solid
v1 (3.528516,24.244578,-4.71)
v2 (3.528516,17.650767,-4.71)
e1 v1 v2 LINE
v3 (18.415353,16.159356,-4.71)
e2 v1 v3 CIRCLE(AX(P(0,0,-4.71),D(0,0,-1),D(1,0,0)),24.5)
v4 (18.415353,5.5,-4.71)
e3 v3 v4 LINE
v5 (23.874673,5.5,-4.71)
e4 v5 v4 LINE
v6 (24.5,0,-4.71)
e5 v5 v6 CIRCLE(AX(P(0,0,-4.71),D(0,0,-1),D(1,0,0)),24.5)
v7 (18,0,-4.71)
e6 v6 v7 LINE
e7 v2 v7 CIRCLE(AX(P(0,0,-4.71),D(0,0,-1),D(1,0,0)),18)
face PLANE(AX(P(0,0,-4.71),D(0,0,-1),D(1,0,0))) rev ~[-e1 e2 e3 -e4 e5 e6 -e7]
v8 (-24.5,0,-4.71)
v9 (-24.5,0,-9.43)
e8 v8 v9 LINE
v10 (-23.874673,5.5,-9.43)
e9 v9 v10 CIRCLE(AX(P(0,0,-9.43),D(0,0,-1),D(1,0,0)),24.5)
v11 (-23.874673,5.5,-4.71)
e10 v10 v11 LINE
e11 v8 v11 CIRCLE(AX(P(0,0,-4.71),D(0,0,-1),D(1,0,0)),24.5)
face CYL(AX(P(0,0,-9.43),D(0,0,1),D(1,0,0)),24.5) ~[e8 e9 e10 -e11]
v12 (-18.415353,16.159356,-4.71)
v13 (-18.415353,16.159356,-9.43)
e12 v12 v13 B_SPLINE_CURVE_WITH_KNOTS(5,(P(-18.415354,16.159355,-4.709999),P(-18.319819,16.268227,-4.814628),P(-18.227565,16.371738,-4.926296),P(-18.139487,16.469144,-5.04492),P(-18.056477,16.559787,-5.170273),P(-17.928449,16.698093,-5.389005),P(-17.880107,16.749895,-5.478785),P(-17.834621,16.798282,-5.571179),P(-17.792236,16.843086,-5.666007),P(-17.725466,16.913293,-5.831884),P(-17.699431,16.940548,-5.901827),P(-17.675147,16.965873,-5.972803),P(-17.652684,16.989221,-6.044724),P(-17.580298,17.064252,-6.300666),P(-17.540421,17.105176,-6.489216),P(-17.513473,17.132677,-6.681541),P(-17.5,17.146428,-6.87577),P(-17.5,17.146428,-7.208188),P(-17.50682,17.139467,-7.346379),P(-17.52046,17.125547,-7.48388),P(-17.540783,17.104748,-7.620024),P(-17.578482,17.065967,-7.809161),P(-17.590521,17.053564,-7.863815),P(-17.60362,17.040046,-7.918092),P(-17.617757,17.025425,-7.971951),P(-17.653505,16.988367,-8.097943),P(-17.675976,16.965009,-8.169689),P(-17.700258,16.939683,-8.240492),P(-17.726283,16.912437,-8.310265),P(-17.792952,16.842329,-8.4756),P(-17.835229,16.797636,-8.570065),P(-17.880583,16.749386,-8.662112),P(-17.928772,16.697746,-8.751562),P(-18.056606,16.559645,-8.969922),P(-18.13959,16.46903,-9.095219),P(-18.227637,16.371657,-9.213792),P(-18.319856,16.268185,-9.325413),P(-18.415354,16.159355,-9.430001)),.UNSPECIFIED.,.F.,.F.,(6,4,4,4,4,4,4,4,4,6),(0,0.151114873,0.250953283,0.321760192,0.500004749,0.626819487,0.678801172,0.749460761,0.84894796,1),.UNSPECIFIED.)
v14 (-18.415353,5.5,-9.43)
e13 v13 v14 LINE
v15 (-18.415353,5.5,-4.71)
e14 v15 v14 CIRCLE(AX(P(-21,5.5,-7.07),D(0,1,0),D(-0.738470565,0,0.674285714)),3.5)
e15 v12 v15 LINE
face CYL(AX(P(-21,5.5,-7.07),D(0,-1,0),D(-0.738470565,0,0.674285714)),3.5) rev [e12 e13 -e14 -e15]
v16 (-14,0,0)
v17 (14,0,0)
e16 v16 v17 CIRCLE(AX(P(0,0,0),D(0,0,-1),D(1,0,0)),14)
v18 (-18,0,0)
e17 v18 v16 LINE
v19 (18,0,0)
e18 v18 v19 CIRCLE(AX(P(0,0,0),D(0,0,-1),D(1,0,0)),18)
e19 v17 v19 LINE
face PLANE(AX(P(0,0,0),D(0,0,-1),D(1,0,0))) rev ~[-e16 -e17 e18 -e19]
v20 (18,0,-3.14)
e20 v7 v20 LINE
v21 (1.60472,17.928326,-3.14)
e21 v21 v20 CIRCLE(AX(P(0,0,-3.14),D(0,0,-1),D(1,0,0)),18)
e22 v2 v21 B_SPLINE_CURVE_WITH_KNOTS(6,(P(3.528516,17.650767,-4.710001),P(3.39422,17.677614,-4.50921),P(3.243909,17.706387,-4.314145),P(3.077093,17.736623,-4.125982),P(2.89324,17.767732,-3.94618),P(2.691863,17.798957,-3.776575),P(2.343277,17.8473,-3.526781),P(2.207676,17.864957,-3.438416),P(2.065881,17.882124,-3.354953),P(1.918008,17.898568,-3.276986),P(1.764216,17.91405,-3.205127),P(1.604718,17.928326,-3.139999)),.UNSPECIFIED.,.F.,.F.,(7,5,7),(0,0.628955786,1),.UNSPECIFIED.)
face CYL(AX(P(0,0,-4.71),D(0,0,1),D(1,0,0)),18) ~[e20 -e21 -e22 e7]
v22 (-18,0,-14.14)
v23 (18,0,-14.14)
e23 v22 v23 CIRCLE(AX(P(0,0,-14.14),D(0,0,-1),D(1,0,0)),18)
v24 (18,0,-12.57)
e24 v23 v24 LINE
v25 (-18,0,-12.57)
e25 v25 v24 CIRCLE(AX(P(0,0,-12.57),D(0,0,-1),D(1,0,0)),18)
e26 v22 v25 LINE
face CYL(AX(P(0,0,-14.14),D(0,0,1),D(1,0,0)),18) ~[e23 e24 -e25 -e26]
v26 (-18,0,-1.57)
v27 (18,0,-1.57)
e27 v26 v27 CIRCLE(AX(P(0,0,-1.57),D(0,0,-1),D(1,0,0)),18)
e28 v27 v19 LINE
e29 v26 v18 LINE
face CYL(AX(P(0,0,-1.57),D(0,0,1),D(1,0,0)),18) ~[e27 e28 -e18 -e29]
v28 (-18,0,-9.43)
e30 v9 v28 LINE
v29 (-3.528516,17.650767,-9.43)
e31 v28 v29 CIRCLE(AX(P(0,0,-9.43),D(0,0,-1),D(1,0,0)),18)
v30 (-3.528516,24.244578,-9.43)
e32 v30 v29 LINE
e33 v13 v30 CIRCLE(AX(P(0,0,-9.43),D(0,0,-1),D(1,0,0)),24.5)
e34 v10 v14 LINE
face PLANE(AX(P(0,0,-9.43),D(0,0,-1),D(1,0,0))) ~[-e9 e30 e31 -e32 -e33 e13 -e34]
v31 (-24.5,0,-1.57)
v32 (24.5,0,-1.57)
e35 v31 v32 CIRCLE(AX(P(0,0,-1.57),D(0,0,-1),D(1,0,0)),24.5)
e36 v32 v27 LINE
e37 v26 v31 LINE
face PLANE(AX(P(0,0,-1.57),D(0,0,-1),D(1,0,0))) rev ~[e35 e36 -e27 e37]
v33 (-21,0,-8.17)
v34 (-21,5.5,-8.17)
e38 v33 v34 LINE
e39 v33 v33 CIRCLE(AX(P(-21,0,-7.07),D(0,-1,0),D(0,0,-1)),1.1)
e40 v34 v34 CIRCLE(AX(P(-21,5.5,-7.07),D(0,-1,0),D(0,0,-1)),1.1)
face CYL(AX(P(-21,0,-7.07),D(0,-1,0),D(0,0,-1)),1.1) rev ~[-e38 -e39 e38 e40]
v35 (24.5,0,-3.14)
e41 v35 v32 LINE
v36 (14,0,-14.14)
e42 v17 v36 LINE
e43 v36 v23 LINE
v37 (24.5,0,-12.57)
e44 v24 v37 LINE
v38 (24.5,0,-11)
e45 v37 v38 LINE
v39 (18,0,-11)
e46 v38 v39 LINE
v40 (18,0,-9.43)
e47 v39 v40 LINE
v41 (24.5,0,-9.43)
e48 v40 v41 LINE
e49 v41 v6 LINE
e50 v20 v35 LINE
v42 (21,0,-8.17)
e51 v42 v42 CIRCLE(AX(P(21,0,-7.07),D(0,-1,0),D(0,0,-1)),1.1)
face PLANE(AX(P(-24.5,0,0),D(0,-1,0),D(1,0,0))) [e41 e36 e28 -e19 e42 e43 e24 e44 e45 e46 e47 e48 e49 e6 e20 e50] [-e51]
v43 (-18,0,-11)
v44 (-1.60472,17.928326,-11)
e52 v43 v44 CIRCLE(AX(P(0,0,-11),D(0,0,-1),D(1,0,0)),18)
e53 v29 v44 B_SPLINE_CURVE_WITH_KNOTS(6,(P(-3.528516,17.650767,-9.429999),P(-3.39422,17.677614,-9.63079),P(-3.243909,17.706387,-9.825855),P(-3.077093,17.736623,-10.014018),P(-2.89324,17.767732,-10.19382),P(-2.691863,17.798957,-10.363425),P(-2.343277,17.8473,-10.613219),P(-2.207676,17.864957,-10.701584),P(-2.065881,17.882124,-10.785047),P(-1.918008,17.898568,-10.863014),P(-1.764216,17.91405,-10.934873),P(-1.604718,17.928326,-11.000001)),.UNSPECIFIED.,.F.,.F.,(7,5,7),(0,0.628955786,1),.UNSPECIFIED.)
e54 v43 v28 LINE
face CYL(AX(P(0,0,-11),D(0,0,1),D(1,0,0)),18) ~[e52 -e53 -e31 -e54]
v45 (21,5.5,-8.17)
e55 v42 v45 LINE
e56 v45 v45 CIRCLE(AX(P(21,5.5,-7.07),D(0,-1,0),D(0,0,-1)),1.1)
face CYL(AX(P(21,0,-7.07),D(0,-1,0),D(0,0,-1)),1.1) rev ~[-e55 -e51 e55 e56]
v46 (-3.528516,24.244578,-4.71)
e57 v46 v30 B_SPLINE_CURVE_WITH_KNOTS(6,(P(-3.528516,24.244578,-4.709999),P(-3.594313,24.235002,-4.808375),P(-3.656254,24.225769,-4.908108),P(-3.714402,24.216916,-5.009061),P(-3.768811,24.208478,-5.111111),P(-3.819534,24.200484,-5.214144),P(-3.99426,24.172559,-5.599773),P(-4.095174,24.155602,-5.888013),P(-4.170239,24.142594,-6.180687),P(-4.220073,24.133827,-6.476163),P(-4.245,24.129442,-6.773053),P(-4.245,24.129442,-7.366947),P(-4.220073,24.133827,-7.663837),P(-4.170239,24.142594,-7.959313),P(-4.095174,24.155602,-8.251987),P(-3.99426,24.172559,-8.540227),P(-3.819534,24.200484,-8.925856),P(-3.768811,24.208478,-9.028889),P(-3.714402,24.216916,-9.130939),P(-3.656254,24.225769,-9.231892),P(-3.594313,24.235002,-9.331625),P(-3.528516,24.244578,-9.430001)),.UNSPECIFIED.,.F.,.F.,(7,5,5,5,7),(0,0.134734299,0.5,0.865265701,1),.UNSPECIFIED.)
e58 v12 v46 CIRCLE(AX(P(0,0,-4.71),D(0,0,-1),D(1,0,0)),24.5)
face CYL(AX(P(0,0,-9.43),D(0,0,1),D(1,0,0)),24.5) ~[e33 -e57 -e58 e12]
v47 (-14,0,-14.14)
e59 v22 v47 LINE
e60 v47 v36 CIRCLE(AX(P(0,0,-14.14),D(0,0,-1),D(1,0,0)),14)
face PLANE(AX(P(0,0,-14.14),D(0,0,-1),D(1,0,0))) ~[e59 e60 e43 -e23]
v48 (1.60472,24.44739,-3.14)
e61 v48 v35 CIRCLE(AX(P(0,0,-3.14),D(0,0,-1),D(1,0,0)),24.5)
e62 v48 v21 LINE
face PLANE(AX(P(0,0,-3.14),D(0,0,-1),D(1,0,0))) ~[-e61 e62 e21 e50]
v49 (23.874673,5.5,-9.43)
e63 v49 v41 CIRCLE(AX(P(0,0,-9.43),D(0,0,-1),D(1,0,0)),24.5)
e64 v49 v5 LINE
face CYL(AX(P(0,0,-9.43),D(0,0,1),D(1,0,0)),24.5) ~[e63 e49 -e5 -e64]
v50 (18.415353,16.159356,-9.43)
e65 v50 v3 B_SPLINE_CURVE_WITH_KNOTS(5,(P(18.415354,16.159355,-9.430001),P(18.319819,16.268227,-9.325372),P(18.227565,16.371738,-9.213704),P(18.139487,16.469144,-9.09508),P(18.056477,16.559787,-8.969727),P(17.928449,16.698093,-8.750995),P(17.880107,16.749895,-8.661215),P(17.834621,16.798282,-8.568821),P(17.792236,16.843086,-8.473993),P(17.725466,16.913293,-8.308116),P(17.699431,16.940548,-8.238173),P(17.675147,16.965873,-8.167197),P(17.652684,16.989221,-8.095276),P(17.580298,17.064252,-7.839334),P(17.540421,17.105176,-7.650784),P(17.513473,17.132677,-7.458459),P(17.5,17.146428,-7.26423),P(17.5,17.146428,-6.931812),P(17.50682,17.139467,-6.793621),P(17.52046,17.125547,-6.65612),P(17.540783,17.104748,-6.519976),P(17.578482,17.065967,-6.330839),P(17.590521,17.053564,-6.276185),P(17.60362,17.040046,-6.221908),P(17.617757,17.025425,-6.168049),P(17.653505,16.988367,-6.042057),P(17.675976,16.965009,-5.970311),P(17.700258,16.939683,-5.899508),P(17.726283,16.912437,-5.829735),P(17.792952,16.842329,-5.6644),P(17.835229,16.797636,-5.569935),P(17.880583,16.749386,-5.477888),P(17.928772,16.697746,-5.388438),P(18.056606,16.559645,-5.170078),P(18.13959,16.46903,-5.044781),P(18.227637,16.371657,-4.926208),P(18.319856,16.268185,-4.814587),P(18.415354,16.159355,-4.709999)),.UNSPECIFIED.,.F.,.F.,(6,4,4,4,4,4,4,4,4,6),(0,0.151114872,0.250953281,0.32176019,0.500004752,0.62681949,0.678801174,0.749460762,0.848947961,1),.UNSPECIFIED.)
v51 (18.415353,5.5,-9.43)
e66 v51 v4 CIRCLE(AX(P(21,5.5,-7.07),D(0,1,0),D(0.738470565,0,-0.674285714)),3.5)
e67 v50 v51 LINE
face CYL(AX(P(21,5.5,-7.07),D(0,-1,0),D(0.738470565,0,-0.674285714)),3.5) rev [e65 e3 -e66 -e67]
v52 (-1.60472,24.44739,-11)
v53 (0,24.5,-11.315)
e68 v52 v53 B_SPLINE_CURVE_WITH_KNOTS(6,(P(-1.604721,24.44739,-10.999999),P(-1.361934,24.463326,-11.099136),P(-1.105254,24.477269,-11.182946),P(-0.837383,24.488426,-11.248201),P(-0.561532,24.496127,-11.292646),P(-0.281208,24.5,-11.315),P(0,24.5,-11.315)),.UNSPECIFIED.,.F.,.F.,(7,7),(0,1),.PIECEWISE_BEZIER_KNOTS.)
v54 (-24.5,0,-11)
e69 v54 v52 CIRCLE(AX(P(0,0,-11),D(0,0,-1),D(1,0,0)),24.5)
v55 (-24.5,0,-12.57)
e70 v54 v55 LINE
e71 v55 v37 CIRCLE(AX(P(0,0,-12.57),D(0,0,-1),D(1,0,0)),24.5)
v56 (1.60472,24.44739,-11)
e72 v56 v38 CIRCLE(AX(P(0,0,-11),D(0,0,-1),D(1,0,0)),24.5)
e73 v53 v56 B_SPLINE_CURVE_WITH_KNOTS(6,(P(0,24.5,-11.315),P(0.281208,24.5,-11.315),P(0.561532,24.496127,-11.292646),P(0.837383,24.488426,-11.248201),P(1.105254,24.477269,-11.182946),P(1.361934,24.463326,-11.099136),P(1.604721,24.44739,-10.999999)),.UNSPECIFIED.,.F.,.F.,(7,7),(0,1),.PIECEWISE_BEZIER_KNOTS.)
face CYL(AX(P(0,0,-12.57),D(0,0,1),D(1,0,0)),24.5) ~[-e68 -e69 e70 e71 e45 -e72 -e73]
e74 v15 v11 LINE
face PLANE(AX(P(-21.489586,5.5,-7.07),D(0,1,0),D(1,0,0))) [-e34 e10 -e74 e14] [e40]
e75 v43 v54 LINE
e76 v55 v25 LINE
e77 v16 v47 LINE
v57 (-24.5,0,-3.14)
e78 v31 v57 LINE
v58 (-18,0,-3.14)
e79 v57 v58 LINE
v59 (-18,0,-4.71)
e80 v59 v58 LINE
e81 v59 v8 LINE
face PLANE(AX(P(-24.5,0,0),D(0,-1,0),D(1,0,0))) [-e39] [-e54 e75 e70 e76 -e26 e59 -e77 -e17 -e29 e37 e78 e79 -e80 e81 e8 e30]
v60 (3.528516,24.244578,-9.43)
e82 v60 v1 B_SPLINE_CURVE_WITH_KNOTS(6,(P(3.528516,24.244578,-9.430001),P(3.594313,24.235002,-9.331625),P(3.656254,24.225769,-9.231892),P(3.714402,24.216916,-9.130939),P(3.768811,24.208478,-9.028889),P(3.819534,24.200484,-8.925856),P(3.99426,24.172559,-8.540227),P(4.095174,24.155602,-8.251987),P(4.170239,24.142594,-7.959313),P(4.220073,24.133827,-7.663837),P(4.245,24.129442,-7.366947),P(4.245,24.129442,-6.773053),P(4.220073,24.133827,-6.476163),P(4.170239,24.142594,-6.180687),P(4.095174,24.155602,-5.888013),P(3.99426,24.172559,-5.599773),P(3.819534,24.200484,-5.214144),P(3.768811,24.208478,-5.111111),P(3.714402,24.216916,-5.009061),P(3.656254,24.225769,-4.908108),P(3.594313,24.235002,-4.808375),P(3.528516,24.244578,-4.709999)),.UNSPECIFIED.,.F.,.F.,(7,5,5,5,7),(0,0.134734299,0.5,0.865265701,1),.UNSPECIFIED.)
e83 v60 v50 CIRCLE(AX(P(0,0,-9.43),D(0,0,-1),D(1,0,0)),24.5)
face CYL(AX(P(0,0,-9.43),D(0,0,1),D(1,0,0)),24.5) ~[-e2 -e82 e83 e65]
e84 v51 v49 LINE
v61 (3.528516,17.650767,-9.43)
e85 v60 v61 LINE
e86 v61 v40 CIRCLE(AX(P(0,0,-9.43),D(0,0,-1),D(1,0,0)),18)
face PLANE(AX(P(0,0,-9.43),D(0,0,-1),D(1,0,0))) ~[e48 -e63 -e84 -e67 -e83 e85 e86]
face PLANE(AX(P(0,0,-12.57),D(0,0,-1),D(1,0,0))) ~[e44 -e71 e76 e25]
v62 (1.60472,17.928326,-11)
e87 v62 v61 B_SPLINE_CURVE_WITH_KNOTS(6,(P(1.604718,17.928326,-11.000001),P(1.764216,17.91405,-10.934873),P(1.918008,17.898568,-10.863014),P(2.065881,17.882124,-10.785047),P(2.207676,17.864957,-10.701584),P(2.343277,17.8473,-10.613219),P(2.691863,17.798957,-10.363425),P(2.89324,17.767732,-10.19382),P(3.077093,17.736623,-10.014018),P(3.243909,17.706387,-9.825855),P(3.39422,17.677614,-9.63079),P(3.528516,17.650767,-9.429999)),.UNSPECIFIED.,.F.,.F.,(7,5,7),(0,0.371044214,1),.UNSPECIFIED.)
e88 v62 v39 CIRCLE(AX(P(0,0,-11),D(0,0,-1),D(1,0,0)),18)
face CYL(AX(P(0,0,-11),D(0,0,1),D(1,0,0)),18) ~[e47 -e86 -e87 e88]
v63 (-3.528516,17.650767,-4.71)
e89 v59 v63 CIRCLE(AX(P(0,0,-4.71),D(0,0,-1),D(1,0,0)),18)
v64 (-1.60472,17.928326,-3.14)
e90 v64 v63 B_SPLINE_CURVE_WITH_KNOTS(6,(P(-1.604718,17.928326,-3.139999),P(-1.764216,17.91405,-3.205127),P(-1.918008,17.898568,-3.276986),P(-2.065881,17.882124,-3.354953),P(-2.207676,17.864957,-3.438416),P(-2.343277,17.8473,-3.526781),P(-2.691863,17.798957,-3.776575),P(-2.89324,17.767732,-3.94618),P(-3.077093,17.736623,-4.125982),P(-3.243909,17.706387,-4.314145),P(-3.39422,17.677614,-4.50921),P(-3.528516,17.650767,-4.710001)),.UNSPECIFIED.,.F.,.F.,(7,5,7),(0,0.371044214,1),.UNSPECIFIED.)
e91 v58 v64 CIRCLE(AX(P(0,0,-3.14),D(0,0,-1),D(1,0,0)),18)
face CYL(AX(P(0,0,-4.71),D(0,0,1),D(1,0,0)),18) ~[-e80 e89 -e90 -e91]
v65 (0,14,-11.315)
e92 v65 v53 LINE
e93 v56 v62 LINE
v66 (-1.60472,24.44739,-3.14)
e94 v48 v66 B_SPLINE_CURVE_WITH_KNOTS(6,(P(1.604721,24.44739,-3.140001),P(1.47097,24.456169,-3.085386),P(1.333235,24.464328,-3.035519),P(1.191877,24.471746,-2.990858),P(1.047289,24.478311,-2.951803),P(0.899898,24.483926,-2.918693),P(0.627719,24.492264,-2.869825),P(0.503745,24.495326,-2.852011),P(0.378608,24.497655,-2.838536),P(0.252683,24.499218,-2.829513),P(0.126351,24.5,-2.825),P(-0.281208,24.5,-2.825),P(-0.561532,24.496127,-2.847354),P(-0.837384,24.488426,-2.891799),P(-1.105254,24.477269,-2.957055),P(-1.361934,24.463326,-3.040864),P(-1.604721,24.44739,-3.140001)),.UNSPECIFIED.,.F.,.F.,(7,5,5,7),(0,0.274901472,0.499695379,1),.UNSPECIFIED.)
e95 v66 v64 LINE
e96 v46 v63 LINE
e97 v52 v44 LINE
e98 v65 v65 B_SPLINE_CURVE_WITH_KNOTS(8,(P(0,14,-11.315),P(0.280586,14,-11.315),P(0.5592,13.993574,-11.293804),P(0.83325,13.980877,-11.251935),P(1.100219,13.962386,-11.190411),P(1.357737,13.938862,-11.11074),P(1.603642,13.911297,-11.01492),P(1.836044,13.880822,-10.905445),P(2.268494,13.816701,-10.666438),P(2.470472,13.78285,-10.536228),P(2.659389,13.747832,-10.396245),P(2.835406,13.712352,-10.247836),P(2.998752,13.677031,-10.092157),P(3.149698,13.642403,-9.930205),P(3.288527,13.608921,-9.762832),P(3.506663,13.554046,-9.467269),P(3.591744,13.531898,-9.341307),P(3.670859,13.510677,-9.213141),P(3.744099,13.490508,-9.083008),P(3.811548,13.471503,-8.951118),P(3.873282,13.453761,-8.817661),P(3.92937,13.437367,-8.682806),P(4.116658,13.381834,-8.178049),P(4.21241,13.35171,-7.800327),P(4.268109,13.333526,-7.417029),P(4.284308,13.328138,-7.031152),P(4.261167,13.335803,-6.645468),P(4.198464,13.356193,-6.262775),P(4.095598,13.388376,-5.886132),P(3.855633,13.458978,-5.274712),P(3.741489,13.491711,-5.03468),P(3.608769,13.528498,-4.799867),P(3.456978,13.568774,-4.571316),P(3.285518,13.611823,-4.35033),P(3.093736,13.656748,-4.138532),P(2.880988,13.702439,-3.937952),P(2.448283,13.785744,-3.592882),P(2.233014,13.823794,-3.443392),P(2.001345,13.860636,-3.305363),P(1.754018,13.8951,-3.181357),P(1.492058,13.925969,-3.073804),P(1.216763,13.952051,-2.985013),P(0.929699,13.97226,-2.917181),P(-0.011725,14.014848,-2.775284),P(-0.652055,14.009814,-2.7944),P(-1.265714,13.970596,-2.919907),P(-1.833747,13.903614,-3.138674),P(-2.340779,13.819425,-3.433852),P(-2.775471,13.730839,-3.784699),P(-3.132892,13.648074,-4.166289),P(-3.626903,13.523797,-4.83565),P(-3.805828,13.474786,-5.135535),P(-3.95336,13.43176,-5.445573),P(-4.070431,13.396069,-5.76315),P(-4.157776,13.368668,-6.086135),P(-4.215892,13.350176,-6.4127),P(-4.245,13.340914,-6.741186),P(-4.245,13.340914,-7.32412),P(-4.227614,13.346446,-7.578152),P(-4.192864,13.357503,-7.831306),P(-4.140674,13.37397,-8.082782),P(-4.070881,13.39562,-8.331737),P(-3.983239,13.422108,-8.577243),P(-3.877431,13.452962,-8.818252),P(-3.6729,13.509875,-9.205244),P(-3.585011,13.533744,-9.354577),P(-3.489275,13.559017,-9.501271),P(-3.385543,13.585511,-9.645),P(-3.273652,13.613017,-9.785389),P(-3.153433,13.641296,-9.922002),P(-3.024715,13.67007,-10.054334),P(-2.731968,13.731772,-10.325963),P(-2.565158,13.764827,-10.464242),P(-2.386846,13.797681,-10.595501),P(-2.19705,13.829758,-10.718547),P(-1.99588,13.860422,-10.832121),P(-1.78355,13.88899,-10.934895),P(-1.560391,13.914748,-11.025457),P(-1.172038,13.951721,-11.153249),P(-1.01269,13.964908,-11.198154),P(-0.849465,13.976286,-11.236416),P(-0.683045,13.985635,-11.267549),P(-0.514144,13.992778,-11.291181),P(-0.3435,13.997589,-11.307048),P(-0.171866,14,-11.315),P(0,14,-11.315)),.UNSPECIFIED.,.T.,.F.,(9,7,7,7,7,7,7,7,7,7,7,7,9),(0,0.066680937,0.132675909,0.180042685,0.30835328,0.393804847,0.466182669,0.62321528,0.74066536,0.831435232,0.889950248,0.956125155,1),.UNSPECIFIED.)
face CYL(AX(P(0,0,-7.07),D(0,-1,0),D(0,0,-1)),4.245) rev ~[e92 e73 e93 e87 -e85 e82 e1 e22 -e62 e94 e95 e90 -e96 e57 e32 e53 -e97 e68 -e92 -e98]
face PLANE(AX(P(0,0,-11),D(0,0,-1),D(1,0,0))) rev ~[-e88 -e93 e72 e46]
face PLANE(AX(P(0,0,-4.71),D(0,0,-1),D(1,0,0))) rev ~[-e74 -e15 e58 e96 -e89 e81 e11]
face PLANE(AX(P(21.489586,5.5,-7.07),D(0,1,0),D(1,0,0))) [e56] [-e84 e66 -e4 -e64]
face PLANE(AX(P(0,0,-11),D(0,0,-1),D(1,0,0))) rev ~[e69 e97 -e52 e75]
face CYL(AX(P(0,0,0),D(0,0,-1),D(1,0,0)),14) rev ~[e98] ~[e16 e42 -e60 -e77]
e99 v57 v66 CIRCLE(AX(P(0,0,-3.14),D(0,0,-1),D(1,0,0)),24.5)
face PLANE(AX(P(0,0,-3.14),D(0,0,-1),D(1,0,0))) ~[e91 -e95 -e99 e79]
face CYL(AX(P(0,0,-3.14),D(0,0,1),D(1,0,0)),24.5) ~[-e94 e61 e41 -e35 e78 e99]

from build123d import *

# Parameters (mm, degrees)
CUT_EXTRUDE1_DEPTH = 38.422447809
CUT_EXTRUDE2_START = 5.5
CUT_EXTRUDE2_DEPTH = 32.922447809
SKETCH4_R          = 1.1
SKETCH4_R_2        = 4.245
CUT_EXTRUDE3_DEPTH = 38.422447874


with BuildPart() as part:
    # Sketch1 → Revolve1 (revolve)
    with BuildSketch(Plane(origin=(0, 0, 0), x_dir=(1, 0, 0), z_dir=(0, 1, 0)), mode=Mode.PRIVATE) as revolve1_sk:
        Polygon((-14, 0), (-14, 14.14), (-18, 14.14), (-18, 12.57), (-24.5, 12.57), (-24.5, 11), (-18, 11), (-18, 9.43), (-24.5, 9.43), (-24.5, 4.71), (-18, 4.71), (-18, 3.14), (-24.5, 3.14), (-24.5, 1.57), (-18, 1.57), (-18, 0), align=None)
    revolve(revolve1_sk.sketch.rotate(Axis((0, 0, 0), (0, 0, -1)), 180), axis=Axis((0, 0, 0), (0, 0, -1)))

    # Sketch2 → Cut-Extrude1 (cut, through all)
    with BuildSketch(Plane.XY):
        with BuildLine():
            Line((-24.5, 0), (24.5, 0))
            ThreePointArc((24.5, 0), (0, -24.5), (-24.5, 0))
        make_face()
    extrude(amount=-CUT_EXTRUDE1_DEPTH, mode=Mode.SUBTRACT)

    # Sketch3 → Cut-Extrude2 (cut, through all)
    with BuildSketch(Plane(origin=(0, 0, 0), x_dir=(1, 0, 0), z_dir=(0, 1, 0)).offset(CUT_EXTRUDE2_START)):
        with BuildLine():
            Line((-23.584646978, 9.43), (-24.5, 9.43))
            Line((-24.5, 9.43), (-24.5, 4.71))
            Line((-24.5, 4.71), (-23.584646978, 4.71))
            ThreePointArc((-23.584646978, 4.71), (-17.5, 7.07), (-23.584646978, 9.43))
        make_face()
        with BuildLine():
            Line((23.584646978, 4.71), (24.5, 4.71))
            Line((24.5, 4.71), (24.5, 9.43))
            Line((24.5, 9.43), (23.584646978, 9.43))
            ThreePointArc((23.584646978, 9.43), (17.5, 7.07), (23.584646978, 4.71))
        make_face()
    extrude(amount=CUT_EXTRUDE2_DEPTH, mode=Mode.SUBTRACT)

    # Sketch4 → Cut-Extrude3 (cut, through all)
    with BuildSketch(Plane.XZ):
        with Locations(Location((-21, -7.07, 0), (0, 0, 270))):
            Circle(SKETCH4_R)
        with Locations(Location((21, -7.07, 0), (0, 0, 270))):
            Circle(SKETCH4_R)
        with Locations(Location((0, -7.07, 0), (0, 0, 270))):
            Circle(SKETCH4_R_2)
    extrude(amount=-CUT_EXTRUDE3_DEPTH, mode=Mode.SUBTRACT)


solid = part.part
